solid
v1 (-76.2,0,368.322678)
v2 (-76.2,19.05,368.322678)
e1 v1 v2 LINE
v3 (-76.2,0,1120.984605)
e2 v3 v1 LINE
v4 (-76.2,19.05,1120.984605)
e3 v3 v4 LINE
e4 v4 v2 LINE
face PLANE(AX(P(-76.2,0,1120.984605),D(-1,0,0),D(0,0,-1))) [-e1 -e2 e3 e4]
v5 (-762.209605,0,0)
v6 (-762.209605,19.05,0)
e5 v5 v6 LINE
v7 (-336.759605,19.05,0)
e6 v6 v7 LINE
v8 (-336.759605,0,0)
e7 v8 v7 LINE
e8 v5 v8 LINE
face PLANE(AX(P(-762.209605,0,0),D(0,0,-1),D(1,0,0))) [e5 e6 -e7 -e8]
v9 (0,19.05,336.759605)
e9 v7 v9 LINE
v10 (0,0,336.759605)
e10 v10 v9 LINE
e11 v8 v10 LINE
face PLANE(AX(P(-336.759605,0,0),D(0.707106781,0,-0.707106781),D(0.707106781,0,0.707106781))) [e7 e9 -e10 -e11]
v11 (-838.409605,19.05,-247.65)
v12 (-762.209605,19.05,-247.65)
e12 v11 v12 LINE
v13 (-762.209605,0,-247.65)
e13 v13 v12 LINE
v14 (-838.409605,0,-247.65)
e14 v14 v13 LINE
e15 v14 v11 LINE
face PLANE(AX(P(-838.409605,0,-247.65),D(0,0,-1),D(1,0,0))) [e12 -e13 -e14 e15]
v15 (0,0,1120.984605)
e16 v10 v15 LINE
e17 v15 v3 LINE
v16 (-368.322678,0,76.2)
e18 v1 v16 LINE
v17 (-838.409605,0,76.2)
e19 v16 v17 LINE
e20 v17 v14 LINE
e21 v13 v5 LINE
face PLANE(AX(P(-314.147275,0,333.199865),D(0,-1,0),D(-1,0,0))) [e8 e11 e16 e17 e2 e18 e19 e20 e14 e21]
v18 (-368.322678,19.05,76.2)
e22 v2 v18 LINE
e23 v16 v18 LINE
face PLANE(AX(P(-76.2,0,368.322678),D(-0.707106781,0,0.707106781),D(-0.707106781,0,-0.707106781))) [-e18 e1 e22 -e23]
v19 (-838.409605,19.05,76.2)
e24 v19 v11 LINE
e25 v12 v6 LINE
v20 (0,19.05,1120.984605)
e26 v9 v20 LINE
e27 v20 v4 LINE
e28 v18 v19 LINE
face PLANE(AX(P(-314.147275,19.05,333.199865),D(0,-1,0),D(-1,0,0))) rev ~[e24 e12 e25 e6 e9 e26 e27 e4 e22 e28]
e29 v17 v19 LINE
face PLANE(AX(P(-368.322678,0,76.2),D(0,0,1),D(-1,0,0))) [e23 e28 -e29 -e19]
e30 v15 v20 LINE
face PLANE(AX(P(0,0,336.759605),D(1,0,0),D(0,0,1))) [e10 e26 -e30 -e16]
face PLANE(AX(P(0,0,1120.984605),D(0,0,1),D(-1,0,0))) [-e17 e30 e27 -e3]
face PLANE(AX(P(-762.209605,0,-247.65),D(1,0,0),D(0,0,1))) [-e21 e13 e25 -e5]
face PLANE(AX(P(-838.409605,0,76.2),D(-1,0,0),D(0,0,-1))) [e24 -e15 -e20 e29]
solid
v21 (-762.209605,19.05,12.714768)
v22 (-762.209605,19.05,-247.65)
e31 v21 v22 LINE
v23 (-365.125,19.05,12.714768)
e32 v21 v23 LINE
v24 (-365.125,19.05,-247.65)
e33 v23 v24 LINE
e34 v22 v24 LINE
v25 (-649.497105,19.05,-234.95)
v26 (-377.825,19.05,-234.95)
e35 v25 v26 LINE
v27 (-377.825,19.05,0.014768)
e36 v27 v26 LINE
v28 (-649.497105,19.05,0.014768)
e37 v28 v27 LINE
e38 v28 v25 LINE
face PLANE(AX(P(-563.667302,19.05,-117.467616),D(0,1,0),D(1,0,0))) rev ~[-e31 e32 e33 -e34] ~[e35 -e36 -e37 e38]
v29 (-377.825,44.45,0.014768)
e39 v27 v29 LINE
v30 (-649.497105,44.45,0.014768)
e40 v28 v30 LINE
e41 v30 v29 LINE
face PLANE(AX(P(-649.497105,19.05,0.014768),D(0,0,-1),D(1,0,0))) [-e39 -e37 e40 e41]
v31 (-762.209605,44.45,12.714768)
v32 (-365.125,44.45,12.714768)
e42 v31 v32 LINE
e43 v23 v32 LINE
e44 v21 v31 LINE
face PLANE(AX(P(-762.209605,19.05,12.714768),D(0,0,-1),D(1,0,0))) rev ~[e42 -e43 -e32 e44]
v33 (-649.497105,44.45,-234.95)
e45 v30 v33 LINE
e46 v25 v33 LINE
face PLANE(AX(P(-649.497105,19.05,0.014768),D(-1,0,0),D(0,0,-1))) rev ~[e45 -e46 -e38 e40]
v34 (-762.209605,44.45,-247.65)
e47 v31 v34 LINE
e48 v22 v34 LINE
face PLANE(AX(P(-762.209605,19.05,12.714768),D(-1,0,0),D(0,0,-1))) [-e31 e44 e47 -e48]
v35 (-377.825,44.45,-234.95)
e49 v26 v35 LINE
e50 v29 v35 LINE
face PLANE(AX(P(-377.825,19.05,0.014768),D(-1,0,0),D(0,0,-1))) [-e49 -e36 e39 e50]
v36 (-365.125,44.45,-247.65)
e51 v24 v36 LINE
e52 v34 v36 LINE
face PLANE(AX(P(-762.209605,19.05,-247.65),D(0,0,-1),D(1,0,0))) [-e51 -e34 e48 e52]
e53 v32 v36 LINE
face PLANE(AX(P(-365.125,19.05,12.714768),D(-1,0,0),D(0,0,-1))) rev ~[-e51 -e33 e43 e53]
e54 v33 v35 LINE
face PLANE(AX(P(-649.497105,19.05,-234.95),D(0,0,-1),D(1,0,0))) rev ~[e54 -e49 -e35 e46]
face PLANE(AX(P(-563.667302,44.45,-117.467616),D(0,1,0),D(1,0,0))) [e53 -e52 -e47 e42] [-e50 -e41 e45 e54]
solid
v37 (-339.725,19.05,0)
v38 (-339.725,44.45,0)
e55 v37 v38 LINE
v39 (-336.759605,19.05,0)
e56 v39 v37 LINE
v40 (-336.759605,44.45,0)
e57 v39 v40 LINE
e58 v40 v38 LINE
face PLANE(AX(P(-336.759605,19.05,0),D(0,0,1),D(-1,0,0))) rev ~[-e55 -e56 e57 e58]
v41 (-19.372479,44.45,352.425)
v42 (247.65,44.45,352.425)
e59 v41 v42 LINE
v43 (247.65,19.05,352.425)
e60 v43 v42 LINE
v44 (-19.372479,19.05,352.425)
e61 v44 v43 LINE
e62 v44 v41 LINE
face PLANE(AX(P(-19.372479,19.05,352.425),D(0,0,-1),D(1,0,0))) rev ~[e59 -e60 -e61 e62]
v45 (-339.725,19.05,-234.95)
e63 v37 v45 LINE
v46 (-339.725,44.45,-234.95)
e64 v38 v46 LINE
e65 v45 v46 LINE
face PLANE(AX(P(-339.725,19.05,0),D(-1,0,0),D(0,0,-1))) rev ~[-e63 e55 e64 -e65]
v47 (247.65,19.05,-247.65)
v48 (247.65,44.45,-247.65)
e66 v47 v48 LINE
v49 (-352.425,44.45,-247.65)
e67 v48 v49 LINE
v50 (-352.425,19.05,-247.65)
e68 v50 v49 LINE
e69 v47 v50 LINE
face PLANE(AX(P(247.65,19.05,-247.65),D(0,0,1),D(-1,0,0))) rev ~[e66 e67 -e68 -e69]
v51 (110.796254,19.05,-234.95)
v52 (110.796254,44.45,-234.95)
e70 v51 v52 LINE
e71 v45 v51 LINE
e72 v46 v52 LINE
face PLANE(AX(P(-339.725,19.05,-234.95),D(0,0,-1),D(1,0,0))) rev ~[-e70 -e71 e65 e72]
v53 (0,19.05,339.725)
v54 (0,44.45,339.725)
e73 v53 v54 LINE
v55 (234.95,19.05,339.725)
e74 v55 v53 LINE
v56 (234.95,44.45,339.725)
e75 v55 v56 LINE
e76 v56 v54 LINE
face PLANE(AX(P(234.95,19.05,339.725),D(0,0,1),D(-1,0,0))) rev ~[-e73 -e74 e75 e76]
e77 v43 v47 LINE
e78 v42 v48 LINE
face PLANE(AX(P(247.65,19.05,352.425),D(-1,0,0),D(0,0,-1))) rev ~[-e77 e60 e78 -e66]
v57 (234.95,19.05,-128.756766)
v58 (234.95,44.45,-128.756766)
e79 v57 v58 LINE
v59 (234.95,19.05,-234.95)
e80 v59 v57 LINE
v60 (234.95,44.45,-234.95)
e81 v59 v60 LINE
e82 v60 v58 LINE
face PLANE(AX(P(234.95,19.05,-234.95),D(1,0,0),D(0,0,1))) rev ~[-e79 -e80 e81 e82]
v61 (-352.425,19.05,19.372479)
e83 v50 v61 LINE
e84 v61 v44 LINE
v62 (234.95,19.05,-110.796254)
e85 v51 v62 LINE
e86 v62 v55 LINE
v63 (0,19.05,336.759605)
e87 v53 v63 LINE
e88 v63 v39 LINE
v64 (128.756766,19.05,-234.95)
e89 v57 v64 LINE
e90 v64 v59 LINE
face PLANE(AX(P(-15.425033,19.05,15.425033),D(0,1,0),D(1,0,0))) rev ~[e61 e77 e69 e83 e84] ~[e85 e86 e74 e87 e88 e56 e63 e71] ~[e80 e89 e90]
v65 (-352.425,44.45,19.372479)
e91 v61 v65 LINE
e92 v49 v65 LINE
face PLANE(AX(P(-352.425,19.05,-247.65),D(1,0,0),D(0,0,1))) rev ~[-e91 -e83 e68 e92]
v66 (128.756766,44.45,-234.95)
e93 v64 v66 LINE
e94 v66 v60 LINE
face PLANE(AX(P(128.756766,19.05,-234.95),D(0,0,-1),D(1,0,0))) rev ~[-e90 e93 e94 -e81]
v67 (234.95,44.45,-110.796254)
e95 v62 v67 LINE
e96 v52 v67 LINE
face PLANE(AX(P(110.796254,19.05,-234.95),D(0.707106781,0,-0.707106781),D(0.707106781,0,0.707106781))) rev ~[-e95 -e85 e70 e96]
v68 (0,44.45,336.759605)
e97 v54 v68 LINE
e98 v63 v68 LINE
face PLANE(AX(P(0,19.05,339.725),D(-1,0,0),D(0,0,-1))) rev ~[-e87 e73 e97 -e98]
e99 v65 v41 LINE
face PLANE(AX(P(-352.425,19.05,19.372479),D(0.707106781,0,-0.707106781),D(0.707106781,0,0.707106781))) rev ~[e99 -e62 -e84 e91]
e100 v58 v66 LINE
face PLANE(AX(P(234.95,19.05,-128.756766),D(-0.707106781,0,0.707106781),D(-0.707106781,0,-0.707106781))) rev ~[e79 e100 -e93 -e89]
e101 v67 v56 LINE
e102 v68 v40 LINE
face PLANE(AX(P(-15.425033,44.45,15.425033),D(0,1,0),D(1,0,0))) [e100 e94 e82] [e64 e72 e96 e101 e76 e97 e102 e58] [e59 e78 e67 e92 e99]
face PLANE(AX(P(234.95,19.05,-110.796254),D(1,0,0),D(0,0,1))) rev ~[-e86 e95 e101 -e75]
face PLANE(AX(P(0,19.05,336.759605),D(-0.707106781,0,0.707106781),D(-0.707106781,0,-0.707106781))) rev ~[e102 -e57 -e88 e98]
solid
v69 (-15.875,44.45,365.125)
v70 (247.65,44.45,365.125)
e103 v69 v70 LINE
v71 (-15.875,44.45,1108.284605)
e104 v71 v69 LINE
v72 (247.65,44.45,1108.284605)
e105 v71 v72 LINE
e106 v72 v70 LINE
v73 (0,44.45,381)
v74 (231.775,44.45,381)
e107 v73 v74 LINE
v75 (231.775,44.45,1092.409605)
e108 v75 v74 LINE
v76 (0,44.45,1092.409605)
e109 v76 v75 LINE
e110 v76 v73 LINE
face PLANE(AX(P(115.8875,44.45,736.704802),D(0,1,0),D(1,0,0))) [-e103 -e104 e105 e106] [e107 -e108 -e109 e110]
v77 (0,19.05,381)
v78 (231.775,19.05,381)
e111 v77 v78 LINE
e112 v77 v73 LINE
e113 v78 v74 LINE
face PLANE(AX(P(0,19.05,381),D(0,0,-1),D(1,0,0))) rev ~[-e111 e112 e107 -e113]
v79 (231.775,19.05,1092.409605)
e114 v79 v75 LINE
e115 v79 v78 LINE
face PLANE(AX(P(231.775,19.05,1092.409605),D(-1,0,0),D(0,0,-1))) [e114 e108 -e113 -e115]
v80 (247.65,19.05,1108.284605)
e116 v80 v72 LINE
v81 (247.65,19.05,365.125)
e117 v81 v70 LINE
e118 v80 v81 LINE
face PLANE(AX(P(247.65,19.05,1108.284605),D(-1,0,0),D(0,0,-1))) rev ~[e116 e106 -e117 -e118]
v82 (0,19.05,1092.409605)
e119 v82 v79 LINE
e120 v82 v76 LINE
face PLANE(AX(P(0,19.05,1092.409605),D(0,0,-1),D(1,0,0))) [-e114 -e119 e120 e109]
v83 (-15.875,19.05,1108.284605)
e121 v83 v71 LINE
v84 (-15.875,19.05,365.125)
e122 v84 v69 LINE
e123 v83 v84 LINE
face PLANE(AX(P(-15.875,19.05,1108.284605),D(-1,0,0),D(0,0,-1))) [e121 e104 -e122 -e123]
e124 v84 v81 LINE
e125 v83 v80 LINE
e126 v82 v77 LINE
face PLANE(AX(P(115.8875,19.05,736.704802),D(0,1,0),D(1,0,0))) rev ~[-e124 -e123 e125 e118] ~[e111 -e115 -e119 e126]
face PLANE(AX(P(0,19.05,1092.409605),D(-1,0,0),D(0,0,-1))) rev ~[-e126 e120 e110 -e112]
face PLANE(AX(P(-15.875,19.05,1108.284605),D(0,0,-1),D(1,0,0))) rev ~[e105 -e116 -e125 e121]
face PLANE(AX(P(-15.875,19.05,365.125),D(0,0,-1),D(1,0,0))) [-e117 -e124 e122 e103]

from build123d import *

# Parameters (mm, degrees)
MOULDING_DEPTH        = 19.05
BOSS_EXTRUDE4_DEPTH   = 25.4
SKETCH2_W             = 397.08460454
SKETCH2_H             = 260.364767801
SKETCH2_W_2           = 271.67210454
SKETCH2_H_2           = 234.964767801
BOSS_EXTRUDE4_2_DEPTH = 25.4
SKETCH2_W_3           = 263.525
SKETCH2_H_3           = 743.15960454
SKETCH2_W_4           = 231.775
SKETCH2_H_4           = 711.40960454
BOSS_EXTRUDE4_3_DEPTH = 25.4


with BuildPart() as part:
    # Sketch1 → Moulding (new body)
    with BuildSketch(Plane(origin=(0, 0, 0), x_dir=(1, 0, 0), z_dir=(0, 1, 0))):
        Polygon((-336.75960454, 0), (0, -336.75960454), (0, -1120.98460454), (-76.2, -1120.98460454), (-76.2, -368.322677993), (-368.322677993, -76.2), (-838.40960454, -76.2), (-838.40960454, 247.65), (-762.20960454, 247.65), (-762.20960454, 0), align=None)
    extrude(amount=MOULDING_DEPTH)


with BuildPart() as body_2:
    # Sketch2 → Boss-Extrude4 (new body)
    with BuildSketch(Plane(origin=(0, 19.05, 0), x_dir=(1, 0, 0), z_dir=(0, 1, 0))):
        Polygon((-352.425, 247.65), (-352.425, -19.372479083), (-19.372479083, -352.425), (247.65, -352.425), (247.65, 247.65), align=None)
        Polygon((-339.725, 0), (-339.725, 234.95), (110.796254172, 234.95), (234.95, 110.796254172), (234.95, -339.725), (0, -339.725), (0, -336.75960454), (-336.75960454, 0), align=None, mode=Mode.SUBTRACT)
        Polygon((128.756766414, 234.95), (234.95, 234.95), (234.95, 128.756766414), align=None, mode=Mode.SUBTRACT)
    extrude(amount=BOSS_EXTRUDE4_DEPTH)


with BuildPart() as body_3:
    # Sketch2 → Boss-Extrude4 2 (new body)
    with BuildSketch(Plane(origin=(0, 19.05, 0), x_dir=(1, 0, 0), z_dir=(0, 1, 0))):
        with Locations((-563.66730227, 117.4676161)):
            Rectangle(SKETCH2_W, SKETCH2_H)
        with Locations((-513.66105227, 117.4676161)):
            Rectangle(SKETCH2_W_2, SKETCH2_H_2, mode=Mode.SUBTRACT)
    extrude(amount=BOSS_EXTRUDE4_2_DEPTH)


with BuildPart() as body_4:
    # Sketch2 → Boss-Extrude4 3 (new body)
    with BuildSketch(Plane(origin=(0, 19.05, 0), x_dir=(1, 0, 0), z_dir=(0, 1, 0))):
        with Locations((115.8875, -736.70480227)):
            Rectangle(SKETCH2_W_3, SKETCH2_H_3)
        with Locations((115.8875, -736.70480227)):
            Rectangle(SKETCH2_W_4, SKETCH2_H_4, mode=Mode.SUBTRACT)
    extrude(amount=BOSS_EXTRUDE4_3_DEPTH)


solid = Compound([part.part, body_2.part, body_3.part, body_4.part])
